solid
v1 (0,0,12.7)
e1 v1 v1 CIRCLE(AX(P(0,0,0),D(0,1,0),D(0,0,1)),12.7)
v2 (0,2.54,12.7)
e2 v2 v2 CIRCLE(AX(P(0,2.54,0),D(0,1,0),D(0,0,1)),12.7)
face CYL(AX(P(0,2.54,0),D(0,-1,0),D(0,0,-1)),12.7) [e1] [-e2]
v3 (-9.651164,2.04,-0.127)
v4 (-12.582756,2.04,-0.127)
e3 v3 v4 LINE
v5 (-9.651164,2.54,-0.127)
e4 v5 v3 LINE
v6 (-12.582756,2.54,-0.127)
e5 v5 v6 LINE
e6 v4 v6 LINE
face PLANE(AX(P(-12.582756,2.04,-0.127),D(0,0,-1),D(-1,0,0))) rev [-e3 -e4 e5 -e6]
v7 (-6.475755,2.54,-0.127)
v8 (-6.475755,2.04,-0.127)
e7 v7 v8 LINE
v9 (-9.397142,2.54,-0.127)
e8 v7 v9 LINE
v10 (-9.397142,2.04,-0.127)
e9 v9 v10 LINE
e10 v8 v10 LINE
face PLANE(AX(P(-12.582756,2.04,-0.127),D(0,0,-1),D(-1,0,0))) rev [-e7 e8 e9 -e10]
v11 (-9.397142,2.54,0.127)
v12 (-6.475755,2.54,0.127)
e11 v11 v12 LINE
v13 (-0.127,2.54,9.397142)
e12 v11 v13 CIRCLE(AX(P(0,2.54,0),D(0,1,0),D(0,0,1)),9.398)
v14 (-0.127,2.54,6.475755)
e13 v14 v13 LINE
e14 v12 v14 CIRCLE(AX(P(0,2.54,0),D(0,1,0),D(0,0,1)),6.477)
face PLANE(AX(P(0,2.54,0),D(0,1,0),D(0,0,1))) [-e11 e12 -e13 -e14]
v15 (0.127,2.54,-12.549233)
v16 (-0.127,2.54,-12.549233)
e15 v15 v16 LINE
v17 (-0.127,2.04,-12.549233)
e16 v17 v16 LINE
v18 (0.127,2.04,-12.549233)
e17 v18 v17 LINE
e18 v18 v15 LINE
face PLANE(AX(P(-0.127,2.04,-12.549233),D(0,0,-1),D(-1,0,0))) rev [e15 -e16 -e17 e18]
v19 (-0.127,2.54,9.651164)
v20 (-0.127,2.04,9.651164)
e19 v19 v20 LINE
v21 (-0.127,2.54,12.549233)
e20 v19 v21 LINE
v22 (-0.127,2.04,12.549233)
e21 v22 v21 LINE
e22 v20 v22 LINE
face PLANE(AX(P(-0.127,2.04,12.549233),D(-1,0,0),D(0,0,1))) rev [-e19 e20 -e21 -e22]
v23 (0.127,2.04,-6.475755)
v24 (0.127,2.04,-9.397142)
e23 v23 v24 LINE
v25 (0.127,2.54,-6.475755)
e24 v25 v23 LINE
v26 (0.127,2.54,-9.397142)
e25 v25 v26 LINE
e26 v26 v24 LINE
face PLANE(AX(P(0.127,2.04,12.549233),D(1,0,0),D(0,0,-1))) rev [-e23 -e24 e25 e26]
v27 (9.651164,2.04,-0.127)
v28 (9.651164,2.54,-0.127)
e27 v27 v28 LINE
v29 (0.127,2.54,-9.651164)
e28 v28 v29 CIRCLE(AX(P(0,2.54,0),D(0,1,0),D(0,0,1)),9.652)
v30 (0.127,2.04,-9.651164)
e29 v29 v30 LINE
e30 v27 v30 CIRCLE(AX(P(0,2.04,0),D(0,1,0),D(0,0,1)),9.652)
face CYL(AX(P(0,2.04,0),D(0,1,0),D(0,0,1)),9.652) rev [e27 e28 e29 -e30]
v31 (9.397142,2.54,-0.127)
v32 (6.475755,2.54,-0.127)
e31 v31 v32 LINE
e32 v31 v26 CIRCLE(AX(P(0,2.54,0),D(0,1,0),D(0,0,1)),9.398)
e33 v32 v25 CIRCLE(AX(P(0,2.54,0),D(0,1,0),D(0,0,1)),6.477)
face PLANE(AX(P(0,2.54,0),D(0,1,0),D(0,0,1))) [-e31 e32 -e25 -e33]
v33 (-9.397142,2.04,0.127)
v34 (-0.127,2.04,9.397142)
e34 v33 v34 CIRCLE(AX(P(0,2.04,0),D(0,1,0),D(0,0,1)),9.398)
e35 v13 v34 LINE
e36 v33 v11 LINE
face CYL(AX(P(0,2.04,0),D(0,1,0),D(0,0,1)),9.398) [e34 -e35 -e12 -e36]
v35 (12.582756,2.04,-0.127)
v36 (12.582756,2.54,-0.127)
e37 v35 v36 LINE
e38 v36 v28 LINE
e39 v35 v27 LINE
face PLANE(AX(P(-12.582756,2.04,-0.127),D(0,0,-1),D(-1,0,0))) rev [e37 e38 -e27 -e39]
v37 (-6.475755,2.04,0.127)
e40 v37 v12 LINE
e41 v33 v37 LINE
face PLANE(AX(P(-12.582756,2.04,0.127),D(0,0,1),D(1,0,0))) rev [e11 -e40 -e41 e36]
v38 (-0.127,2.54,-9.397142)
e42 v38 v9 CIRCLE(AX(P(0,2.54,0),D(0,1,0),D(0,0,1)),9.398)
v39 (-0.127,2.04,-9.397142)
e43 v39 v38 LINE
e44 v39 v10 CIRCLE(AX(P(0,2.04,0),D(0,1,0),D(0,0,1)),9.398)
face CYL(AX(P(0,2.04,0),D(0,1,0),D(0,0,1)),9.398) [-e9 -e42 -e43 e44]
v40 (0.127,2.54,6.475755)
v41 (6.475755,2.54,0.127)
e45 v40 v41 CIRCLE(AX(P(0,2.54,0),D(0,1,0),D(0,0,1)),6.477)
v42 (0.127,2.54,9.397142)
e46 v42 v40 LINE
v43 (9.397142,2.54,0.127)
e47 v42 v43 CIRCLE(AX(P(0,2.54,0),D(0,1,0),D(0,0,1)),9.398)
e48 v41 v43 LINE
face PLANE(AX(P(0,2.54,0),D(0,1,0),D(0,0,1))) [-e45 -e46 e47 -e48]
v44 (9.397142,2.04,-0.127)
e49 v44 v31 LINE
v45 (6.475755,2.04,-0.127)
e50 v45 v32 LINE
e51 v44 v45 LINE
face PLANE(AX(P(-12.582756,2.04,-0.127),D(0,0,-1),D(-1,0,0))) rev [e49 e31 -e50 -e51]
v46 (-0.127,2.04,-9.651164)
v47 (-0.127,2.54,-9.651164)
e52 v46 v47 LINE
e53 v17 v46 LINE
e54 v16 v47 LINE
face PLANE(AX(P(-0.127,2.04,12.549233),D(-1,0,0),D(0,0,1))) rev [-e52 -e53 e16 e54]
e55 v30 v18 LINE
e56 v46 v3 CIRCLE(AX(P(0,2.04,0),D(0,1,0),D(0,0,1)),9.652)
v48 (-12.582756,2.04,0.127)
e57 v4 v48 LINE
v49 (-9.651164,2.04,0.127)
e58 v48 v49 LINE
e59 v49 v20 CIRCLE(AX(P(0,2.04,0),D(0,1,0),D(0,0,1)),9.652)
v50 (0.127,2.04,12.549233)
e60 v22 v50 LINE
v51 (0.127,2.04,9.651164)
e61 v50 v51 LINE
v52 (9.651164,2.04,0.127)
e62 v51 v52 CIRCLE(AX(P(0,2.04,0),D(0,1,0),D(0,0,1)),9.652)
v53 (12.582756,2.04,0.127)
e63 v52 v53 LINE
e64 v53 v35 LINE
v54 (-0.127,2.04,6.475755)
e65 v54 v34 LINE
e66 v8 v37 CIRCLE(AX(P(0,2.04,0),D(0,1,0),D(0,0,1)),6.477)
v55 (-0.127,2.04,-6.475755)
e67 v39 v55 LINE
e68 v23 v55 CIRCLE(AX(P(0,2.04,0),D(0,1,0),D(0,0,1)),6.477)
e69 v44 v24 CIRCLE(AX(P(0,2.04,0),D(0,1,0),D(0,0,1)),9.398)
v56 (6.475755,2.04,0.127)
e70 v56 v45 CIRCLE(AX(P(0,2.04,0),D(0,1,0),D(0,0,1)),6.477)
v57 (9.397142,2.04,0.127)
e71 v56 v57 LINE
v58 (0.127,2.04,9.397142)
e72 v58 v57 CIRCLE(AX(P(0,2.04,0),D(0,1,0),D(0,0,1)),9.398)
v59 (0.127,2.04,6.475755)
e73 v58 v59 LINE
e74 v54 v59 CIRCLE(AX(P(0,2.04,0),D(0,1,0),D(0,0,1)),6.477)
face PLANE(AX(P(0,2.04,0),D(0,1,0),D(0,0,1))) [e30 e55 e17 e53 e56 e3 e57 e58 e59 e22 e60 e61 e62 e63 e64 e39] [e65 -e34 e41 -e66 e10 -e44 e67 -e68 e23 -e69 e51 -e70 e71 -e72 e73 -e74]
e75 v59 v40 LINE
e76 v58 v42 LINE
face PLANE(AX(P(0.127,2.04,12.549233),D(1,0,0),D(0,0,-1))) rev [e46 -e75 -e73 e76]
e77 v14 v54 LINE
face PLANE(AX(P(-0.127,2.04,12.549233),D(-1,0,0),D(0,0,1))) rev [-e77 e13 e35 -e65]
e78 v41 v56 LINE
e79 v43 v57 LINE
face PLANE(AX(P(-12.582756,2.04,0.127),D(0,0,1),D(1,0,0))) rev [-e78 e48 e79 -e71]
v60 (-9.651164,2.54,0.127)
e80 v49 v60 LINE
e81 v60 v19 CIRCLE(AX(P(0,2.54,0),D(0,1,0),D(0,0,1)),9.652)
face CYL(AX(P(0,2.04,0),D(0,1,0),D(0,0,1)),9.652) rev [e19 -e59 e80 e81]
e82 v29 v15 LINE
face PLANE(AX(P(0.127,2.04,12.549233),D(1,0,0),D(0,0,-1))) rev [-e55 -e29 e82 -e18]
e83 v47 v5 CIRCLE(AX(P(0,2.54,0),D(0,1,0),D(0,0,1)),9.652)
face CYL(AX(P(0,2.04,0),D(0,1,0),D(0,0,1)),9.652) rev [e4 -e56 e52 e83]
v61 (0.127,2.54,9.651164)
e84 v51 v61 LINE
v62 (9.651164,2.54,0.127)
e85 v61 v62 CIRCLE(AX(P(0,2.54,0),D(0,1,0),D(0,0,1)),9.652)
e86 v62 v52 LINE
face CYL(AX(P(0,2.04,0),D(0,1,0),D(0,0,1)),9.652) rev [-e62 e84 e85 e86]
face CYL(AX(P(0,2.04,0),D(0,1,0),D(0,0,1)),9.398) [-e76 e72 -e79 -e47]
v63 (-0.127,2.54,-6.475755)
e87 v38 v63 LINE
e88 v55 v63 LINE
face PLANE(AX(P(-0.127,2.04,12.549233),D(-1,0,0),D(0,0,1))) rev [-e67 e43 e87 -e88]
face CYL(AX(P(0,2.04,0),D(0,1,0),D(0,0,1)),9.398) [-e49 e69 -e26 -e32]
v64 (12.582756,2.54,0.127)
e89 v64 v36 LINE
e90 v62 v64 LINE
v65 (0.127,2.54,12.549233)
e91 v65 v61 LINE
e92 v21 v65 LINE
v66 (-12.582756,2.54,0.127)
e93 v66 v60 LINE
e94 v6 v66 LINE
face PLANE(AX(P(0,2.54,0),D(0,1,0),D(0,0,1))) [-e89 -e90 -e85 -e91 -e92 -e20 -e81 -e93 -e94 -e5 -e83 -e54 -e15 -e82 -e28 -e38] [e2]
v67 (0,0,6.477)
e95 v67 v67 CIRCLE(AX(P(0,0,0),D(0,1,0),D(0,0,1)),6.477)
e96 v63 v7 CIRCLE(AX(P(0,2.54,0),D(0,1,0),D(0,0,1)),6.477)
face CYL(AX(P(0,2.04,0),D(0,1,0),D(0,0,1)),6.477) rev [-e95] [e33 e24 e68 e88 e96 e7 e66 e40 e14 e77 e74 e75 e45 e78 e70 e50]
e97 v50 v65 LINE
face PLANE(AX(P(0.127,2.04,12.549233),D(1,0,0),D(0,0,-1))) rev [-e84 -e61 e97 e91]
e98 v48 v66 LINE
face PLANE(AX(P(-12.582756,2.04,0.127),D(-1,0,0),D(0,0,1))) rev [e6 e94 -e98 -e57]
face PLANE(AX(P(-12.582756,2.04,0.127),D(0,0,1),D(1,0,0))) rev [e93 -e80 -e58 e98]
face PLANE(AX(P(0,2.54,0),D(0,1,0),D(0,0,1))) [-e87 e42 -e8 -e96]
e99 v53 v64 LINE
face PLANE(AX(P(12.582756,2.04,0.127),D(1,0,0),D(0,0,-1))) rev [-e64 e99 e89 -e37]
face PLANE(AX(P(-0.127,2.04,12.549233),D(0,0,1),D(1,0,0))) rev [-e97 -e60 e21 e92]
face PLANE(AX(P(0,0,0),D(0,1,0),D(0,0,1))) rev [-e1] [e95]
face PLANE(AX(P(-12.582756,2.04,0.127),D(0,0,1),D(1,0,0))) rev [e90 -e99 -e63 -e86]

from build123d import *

# Parameters (mm, degrees)
SKETCH1_R           = 12.7
BOSS_EXTRUDE1_DEPTH = 2.54
SKETCH2_R           = 6.477
SKETCH2_R_2         = 6.223
CUT_EXTRUDE1_DEPTH  = 0.5
SKETCH3_R           = 3.302
SKETCH3_R_2         = 3.048
CUT_EXTRUDE2_DEPTH  = 0.5
SKETCH4_R           = 0.25
CUT_EXTRUDE3_DEPTH  = 0.5
SKETCH5_R           = 9.652
SKETCH5_R_2         = 9.398
CUT_EXTRUDE4_DEPTH  = 0.5
SKETCH6_W           = 25.165512812
SKETCH6_H           = 0.254
CUT_EXTRUDE5_DEPTH  = 0.5
SKETCH7_W           = 0.254
SKETCH7_H           = 25.09846579
CUT_EXTRUDE6_DEPTH  = 0.5
SKETCH8_R           = 6.477
CUT_EXTRUDE7_DEPTH  = 10


with BuildPart() as part:
    # Sketch1 → Boss-Extrude1 (new body)
    with BuildSketch(Plane(origin=(0, 0, 0), x_dir=(1, 0, 0), z_dir=(0, 1, 0))):
        with Locations(Location((0, 0, 0), (0, 0, 270))):
            Circle(SKETCH1_R)
    extrude(amount=BOSS_EXTRUDE1_DEPTH)

    # Sketch2 → Cut-Extrude1 (cut)
    with BuildSketch(Plane(origin=(0, 2.54, 0), x_dir=(1, 0, 0), z_dir=(0, 1, 0))):
        with Locations(Location((0, 0, 0), (0, 0, 270))):
            Circle(SKETCH2_R)
        with Locations(Location((0, 0, 0), (0, 0, 270))):
            Circle(SKETCH2_R_2, mode=Mode.SUBTRACT)
    extrude(amount=-CUT_EXTRUDE1_DEPTH, mode=Mode.SUBTRACT)

    # Sketch3 → Cut-Extrude2 (cut)
    with BuildSketch(Plane(origin=(0, 2.54, 0), x_dir=(1, 0, 0), z_dir=(0, 1, 0))):
        with Locations(Location((0, 0, 0), (0, 0, 270))):
            Circle(SKETCH3_R)
        with Locations(Location((0, 0, 0), (0, 0, 270))):
            Circle(SKETCH3_R_2, mode=Mode.SUBTRACT)
    extrude(amount=-CUT_EXTRUDE2_DEPTH, mode=Mode.SUBTRACT)

    # Sketch4 → Cut-Extrude3 (cut)
    with BuildSketch(Plane(origin=(0, 2.54, 0), x_dir=(1, 0, 0), z_dir=(0, 1, 0))):
        with Locations(Location((0, 0, 0), (0, 0, 270))):
            Circle(SKETCH4_R)
    extrude(amount=-CUT_EXTRUDE3_DEPTH, mode=Mode.SUBTRACT)

    # Sketch5 → Cut-Extrude4 (cut)
    with BuildSketch(Plane(origin=(0, 2.54, 0), x_dir=(1, 0, 0), z_dir=(0, 1, 0))):
        with Locations(Location((0, 0, 0), (0, 0, 270))):
            Circle(SKETCH5_R)
        with Locations(Location((0, 0, 0), (0, 0, 270))):
            Circle(SKETCH5_R_2, mode=Mode.SUBTRACT)
    extrude(amount=-CUT_EXTRUDE4_DEPTH, mode=Mode.SUBTRACT)

    # Sketch6 → Cut-Extrude5 (cut)
    with BuildSketch(Plane(origin=(0, 2.54, 0), x_dir=(1, 0, 0), z_dir=(0, 1, 0))):
        Rectangle(SKETCH6_W, SKETCH6_H)
    extrude(amount=-CUT_EXTRUDE5_DEPTH, mode=Mode.SUBTRACT)

    # Sketch7 → Cut-Extrude6 (cut)
    with BuildSketch(Plane(origin=(0, 2.54, 0), x_dir=(1, 0, 0), z_dir=(0, 1, 0))):
        Rectangle(SKETCH7_W, SKETCH7_H)
    extrude(amount=-CUT_EXTRUDE6_DEPTH, mode=Mode.SUBTRACT)

    # Sketch8 → Cut-Extrude7 (cut)
    with BuildSketch(Plane(origin=(0, 2.54, 0), x_dir=(1, 0, 0), z_dir=(0, 1, 0))):
        with Locations(Location((0, 0, 0), (0, 0, 270))):
            Circle(SKETCH8_R)
    extrude(amount=-CUT_EXTRUDE7_DEPTH, mode=Mode.SUBTRACT)


solid = part.part
